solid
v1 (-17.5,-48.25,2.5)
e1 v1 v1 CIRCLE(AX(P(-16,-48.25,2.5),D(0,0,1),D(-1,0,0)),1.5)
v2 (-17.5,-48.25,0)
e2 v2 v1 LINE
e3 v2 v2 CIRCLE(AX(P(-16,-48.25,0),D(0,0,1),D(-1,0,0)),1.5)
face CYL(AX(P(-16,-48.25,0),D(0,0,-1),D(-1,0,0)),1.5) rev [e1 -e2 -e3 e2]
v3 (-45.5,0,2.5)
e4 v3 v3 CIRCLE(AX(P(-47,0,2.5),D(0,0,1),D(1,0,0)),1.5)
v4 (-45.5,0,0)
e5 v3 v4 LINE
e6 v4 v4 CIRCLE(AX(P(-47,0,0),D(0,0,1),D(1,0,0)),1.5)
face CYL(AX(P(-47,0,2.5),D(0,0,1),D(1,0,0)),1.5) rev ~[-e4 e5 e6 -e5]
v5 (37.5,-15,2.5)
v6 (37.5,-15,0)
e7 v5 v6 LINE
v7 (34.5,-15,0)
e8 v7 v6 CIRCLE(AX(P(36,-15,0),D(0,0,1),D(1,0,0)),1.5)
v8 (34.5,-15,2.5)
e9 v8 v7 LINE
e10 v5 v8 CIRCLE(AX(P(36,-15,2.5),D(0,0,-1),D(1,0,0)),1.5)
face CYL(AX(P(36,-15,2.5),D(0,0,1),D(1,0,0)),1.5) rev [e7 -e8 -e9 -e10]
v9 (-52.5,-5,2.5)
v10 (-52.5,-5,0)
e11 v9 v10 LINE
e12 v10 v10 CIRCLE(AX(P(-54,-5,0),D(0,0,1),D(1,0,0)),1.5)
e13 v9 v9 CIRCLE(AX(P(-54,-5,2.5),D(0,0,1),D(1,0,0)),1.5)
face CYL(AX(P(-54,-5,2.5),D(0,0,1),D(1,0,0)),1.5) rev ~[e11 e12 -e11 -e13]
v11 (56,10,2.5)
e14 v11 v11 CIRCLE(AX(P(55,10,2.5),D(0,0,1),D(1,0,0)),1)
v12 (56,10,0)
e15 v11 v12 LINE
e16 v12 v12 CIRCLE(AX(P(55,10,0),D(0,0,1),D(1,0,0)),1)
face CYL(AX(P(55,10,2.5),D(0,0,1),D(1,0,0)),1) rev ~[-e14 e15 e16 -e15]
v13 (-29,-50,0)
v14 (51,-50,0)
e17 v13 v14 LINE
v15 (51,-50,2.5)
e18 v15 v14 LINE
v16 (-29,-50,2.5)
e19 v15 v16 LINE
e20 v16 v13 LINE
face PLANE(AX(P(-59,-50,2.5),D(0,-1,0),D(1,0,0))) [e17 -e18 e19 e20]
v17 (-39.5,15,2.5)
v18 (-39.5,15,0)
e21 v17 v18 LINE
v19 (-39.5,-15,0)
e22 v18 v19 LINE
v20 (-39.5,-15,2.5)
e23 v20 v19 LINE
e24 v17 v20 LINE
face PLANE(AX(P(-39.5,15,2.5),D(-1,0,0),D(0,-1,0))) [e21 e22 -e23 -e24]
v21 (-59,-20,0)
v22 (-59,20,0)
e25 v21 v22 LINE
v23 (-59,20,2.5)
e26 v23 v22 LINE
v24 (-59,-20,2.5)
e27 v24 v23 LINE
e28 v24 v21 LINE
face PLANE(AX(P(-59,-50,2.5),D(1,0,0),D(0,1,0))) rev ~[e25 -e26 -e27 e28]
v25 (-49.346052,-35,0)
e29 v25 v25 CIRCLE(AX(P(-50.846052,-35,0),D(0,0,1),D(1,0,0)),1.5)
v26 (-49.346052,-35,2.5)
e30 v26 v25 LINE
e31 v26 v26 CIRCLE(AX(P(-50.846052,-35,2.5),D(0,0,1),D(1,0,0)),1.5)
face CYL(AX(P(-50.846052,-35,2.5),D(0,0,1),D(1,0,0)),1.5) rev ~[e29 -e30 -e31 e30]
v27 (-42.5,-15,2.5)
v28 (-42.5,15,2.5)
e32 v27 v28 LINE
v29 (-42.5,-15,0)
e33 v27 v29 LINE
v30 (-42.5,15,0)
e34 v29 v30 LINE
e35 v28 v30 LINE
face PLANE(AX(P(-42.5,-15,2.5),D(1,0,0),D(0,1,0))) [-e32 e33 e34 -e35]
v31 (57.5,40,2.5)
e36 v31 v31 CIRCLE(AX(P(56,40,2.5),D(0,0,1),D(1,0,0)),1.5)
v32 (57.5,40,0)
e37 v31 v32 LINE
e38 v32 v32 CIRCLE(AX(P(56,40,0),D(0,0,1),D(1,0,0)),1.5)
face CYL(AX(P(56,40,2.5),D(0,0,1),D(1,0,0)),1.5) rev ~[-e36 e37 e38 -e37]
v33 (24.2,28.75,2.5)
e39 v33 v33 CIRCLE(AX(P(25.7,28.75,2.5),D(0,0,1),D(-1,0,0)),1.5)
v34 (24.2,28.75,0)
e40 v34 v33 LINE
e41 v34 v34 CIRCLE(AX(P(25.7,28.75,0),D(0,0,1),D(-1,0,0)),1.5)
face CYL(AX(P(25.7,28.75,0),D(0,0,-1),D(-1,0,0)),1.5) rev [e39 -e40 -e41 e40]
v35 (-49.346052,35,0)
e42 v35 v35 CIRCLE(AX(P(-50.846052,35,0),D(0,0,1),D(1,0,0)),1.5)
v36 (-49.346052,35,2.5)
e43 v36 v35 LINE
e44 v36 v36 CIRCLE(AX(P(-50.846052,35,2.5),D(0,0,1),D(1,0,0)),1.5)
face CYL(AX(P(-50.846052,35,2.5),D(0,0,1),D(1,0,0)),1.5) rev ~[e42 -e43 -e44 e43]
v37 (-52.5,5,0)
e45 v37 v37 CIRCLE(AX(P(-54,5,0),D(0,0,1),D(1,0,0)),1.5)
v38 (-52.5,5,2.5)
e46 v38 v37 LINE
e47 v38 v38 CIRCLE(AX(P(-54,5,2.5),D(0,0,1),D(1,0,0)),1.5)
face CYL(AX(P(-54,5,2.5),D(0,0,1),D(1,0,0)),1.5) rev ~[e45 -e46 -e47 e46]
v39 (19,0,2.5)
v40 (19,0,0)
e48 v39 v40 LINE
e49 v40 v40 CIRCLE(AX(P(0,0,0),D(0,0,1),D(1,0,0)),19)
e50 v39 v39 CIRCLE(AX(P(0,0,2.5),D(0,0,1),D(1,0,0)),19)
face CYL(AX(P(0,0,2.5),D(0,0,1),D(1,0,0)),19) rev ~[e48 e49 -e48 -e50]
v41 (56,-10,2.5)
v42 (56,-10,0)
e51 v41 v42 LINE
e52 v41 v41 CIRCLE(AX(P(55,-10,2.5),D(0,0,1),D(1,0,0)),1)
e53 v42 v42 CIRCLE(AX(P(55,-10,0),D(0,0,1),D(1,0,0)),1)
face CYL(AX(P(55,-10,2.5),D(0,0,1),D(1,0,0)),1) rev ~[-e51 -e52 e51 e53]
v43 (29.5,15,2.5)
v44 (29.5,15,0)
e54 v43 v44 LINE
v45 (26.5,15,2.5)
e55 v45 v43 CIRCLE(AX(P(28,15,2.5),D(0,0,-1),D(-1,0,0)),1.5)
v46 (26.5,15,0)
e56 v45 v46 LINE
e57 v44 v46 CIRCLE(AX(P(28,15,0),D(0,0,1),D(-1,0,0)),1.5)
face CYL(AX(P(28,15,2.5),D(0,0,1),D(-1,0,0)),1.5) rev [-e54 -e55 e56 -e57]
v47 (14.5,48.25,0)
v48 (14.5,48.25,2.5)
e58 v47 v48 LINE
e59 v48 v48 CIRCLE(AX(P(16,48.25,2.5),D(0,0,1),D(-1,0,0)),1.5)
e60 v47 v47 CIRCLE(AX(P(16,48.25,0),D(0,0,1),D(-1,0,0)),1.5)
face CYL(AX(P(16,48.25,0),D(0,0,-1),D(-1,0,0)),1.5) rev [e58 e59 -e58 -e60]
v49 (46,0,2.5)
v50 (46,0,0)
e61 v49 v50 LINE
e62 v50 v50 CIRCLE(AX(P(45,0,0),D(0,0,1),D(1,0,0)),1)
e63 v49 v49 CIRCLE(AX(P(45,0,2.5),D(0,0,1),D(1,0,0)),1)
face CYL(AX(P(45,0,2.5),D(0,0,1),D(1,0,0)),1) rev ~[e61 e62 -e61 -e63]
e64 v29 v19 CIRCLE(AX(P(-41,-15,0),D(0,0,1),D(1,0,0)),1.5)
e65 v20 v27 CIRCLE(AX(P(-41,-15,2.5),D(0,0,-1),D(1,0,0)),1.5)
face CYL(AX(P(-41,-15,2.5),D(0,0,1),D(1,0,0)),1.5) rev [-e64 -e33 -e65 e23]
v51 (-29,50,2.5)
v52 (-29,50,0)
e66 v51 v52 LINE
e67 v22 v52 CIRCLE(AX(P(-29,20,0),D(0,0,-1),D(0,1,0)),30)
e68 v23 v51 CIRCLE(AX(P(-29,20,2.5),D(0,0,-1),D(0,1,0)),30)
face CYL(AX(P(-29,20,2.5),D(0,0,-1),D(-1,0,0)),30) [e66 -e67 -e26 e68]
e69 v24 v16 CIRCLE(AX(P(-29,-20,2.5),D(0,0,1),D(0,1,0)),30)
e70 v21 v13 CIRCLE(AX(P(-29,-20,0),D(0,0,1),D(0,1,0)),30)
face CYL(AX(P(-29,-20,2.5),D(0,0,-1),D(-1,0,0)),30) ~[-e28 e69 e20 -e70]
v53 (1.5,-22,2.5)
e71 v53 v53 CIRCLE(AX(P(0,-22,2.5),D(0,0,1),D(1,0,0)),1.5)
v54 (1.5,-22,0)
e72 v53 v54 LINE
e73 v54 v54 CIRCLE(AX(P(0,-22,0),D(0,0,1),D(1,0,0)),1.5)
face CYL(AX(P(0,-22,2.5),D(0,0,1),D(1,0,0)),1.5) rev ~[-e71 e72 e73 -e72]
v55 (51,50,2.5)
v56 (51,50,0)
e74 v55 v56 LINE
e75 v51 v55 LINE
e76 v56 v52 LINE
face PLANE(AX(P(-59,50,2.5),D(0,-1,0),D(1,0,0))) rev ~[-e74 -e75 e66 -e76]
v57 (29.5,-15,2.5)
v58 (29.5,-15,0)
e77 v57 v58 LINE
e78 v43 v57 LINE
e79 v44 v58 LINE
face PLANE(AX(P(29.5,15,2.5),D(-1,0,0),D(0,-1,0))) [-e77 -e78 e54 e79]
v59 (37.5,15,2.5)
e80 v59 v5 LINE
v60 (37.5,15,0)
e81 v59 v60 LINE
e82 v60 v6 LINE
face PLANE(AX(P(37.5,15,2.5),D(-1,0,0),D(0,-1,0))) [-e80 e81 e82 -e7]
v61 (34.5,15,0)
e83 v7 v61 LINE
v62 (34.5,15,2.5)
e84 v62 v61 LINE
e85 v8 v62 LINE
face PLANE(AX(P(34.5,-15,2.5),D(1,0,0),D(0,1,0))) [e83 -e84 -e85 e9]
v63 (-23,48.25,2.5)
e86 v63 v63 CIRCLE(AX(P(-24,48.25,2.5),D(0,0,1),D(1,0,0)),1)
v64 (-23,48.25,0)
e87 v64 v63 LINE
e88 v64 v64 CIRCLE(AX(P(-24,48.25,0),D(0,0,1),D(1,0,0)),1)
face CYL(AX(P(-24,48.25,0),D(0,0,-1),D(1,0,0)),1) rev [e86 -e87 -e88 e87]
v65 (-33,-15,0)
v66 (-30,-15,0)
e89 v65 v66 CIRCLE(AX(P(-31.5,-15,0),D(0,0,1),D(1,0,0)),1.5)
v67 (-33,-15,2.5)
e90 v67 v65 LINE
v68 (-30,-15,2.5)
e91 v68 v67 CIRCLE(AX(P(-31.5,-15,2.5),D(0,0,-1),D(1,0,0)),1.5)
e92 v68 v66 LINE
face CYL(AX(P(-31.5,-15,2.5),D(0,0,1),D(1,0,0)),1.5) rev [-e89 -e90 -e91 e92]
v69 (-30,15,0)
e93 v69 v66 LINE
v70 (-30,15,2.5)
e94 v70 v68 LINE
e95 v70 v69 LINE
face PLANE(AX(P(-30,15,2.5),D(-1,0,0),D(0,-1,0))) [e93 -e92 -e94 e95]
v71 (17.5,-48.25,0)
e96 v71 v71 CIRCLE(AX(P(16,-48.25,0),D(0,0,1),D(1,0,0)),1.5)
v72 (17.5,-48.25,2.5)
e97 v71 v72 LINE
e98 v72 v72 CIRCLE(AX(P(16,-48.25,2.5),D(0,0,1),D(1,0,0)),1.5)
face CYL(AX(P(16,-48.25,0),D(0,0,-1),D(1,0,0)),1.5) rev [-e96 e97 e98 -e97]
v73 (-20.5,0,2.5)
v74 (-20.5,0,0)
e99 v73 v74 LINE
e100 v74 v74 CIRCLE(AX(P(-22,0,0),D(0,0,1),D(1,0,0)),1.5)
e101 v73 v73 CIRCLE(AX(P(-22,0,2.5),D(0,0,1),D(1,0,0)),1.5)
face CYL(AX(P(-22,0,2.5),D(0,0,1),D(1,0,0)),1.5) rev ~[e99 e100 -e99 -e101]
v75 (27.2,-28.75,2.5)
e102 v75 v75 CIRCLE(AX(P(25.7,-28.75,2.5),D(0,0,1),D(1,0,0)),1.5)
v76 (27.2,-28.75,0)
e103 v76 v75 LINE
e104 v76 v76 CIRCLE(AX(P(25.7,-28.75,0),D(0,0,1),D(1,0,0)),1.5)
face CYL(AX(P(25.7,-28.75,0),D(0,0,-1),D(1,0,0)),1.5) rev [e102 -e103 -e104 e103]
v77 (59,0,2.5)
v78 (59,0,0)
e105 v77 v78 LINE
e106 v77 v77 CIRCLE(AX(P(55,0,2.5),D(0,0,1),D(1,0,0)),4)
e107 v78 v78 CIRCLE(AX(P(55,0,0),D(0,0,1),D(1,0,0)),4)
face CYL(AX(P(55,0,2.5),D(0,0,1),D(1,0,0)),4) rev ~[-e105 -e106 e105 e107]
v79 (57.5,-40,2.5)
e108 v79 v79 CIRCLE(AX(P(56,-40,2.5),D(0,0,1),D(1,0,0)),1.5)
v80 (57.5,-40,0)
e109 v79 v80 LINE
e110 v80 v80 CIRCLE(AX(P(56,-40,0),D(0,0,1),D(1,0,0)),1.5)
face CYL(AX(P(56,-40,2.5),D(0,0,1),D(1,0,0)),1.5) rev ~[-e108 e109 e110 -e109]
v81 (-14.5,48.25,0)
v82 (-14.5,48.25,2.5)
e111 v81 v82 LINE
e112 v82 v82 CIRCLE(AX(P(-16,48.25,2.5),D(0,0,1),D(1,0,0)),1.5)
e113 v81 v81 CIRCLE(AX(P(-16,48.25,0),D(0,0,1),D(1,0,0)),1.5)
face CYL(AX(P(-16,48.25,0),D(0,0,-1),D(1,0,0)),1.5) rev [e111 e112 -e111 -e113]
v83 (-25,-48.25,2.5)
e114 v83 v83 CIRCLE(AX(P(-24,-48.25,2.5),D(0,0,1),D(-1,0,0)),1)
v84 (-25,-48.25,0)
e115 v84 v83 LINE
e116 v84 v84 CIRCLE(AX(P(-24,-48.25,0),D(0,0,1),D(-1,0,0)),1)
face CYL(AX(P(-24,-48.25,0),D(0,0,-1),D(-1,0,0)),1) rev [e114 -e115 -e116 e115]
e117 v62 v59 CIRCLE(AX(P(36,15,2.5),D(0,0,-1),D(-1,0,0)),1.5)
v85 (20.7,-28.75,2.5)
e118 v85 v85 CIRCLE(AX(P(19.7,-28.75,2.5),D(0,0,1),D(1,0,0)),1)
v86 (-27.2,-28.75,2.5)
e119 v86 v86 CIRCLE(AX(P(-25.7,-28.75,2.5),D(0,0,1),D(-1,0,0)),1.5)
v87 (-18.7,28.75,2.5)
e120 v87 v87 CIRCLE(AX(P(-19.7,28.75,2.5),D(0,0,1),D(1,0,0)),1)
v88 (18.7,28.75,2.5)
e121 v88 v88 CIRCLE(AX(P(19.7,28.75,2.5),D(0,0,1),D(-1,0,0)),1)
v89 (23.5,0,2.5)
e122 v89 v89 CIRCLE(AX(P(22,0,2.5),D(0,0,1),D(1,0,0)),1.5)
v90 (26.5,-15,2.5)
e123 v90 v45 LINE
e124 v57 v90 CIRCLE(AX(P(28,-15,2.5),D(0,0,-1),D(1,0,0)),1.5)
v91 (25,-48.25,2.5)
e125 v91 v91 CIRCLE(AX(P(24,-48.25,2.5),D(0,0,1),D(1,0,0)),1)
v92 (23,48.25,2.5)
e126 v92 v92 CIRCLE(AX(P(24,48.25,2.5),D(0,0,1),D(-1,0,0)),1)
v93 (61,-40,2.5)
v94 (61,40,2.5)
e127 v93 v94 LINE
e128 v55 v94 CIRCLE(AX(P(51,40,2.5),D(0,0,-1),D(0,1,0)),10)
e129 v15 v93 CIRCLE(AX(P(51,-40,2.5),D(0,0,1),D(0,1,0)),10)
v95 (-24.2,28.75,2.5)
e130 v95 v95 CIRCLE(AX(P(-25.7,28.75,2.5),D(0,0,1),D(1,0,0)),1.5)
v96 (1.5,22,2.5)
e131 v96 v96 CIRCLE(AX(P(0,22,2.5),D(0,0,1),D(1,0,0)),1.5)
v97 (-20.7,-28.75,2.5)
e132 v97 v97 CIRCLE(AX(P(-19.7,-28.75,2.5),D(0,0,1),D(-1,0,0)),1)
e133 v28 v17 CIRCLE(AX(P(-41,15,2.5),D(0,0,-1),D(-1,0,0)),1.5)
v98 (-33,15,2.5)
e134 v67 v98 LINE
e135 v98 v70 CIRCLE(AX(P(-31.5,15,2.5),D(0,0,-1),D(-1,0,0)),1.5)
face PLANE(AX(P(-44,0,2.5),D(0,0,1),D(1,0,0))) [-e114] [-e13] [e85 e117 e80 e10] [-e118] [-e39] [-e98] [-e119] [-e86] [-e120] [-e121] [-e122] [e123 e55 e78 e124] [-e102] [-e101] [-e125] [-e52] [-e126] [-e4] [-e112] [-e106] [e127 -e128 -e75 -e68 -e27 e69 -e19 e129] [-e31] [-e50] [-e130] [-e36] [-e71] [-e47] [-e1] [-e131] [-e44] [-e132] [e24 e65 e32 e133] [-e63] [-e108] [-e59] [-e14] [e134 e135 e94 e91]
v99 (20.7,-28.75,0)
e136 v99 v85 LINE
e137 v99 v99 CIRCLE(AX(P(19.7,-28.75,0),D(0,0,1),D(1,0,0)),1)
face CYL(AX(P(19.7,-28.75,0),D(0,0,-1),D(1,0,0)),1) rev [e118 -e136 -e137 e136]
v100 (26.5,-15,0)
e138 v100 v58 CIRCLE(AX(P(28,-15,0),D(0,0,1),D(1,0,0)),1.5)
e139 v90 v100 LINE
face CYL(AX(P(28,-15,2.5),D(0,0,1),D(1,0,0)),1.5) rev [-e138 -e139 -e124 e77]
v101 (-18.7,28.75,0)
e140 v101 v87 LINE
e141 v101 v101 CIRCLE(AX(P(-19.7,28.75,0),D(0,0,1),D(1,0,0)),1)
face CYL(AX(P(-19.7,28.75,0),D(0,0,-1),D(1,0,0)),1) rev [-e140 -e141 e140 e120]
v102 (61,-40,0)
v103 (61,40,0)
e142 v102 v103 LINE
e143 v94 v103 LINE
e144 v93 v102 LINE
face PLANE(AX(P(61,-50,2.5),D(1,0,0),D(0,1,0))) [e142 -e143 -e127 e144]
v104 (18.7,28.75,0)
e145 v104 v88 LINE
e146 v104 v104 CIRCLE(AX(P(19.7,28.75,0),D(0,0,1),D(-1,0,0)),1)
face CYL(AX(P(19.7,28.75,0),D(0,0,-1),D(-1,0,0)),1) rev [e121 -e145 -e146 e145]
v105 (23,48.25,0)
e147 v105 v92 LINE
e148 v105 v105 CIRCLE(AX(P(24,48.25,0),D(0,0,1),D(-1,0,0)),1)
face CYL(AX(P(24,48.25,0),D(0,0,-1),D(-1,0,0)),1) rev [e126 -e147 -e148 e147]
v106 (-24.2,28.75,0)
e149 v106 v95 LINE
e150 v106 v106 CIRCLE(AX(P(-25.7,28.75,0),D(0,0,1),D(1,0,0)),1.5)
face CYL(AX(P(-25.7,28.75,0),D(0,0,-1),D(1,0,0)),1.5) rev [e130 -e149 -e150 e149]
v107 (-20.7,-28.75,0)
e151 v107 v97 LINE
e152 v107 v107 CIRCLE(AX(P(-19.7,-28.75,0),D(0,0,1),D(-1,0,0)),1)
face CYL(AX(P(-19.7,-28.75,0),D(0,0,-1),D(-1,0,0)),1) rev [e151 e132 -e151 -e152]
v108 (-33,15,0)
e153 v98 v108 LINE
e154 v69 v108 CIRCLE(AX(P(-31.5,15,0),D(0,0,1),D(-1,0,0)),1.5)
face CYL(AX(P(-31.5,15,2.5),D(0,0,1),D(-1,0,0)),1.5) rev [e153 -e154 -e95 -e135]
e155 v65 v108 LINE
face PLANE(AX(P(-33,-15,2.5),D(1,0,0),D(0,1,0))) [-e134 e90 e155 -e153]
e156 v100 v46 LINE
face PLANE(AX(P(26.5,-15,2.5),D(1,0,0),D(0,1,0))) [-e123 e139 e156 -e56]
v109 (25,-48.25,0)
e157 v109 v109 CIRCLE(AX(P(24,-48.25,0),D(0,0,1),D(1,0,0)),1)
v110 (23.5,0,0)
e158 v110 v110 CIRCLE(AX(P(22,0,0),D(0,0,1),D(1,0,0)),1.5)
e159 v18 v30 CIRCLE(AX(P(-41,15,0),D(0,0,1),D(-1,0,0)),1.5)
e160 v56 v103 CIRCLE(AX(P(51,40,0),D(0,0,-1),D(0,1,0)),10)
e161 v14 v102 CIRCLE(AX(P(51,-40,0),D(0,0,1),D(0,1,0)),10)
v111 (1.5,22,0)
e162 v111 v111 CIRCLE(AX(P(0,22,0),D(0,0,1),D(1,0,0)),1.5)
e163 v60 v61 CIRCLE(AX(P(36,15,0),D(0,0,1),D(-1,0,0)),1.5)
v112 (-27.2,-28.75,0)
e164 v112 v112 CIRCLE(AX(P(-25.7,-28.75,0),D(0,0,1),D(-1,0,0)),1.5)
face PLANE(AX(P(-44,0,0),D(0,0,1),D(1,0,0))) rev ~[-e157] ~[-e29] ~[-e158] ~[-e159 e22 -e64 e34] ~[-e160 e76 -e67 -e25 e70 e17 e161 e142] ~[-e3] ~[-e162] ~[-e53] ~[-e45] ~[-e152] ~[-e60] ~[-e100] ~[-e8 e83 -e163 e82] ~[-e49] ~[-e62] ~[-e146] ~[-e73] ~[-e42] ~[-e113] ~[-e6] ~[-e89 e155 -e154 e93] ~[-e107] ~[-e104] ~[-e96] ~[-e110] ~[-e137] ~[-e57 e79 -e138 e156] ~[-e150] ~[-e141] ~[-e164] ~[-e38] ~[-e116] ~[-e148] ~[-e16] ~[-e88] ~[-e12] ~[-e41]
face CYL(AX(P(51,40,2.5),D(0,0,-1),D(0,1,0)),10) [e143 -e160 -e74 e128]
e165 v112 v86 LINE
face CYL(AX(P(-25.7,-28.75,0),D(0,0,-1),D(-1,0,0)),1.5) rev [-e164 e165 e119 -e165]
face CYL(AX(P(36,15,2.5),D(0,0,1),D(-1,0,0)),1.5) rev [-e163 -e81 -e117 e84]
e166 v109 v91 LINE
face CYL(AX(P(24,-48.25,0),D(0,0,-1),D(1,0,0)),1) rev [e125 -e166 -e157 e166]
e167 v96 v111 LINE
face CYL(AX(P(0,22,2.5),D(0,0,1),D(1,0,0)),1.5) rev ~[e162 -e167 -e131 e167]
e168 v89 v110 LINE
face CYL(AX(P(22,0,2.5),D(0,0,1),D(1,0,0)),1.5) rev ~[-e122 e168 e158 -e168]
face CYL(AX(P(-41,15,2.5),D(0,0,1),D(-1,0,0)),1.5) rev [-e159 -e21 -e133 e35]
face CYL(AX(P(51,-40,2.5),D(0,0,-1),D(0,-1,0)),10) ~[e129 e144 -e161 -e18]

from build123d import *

# Parameters (mm, degrees)
SKETCH_1_W          = 58
SKETCH_1_H          = 100
SKETCH_1_R          = 1
SKETCH_1_R_2        = 1.5
EXTRUDE_1_DEPTH     = 2.5
SKETCH_2_R          = 19
SKETCH_2_R_2        = 1.5
CUT_EXTRUDE_1_DEPTH = 10
SKETCH_2_3_W        = 30
SKETCH_2_3_H        = 100
SKETCH_2_3_W_2      = 32
EXTRUDE_2_DEPTH     = 2.5
FILLET_1_R          = 30
FILLET_2_R          = 10
SKETCH_4_R          = 4
SKETCH_4_R_2        = 1
SKETCH_4_R_3        = 1.5
CUT_EXTRUDE_3_DEPTH = 10


with BuildPart() as part:
    # 草图1 → 凸台-拉伸1 (new body)
    with BuildSketch(Plane.XY):
        Rectangle(SKETCH_1_W, SKETCH_1_H)
        with Locations((-24, 48.25)):
            Circle(SKETCH_1_R, mode=Mode.SUBTRACT)
        with Locations((-16, 48.25)):
            Circle(SKETCH_1_R_2, mode=Mode.SUBTRACT)
        with Locations((16, 48.25)):
            Circle(SKETCH_1_R_2, mode=Mode.SUBTRACT)
        with Locations((24, 48.25)):
            Circle(SKETCH_1_R, mode=Mode.SUBTRACT)
        with Locations((-19.7, 28.75)):
            Circle(SKETCH_1_R, mode=Mode.SUBTRACT)
        with Locations((-25.7, 28.75)):
            Circle(SKETCH_1_R_2, mode=Mode.SUBTRACT)
        with Locations((19.7, 28.75)):
            Circle(SKETCH_1_R, mode=Mode.SUBTRACT)
        with Locations((25.7, 28.75)):
            Circle(SKETCH_1_R_2, mode=Mode.SUBTRACT)
        with Locations((25.7, -28.75)):
            Circle(SKETCH_1_R_2, mode=Mode.SUBTRACT)
        with Locations((24, -48.25)):
            Circle(SKETCH_1_R, mode=Mode.SUBTRACT)
        with Locations((16, -48.25)):
            Circle(SKETCH_1_R_2, mode=Mode.SUBTRACT)
        with Locations((19.7, -28.75)):
            Circle(SKETCH_1_R, mode=Mode.SUBTRACT)
        with Locations((-19.7, -28.75)):
            Circle(SKETCH_1_R, mode=Mode.SUBTRACT)
        with Locations((-25.7, -28.75)):
            Circle(SKETCH_1_R_2, mode=Mode.SUBTRACT)
        with Locations((-24, -48.25)):
            Circle(SKETCH_1_R, mode=Mode.SUBTRACT)
        with Locations((-16, -48.25)):
            Circle(SKETCH_1_R_2, mode=Mode.SUBTRACT)
    extrude(amount=EXTRUDE_1_DEPTH)

    # 草图2 → 切除-拉伸1 (cut)
    with BuildSketch(Plane.XY.offset(2.5)):
        Circle(SKETCH_2_R)
        with Locations((0, 22)):
            Circle(SKETCH_2_R_2)
        with Locations((-22, 0)):
            Circle(SKETCH_2_R_2)
        with Locations((0, -22)):
            Circle(SKETCH_2_R_2)
        with Locations((22, 0)):
            Circle(SKETCH_2_R_2)
    extrude(amount=-CUT_EXTRUDE_1_DEPTH, mode=Mode.SUBTRACT)

    # 草图2<3> → 凸台-拉伸2 (add)
    with BuildSketch(Plane.XY.offset(2.5)):
        with Locations((-44, 0)):
            Rectangle(SKETCH_2_3_W, SKETCH_2_3_H)
        with Locations((45, 0)):
            Rectangle(SKETCH_2_3_W_2, SKETCH_2_3_H)
    extrude(amount=-EXTRUDE_2_DEPTH)

    # 圆角1
    fillet_1_edges = [part.edges().sort_by_distance(p)[0] for p in [
        (-59, 50, 1.25),
        (-59, -50, 1.25),
    ]]
    fillet(fillet_1_edges, radius=FILLET_1_R)

    # 圆角2
    fillet_2_edges = [part.edges().sort_by_distance(p)[0] for p in [
        (61, 50, 1.25),
        (61, -50, 1.25),
    ]]
    fillet(fillet_2_edges, radius=FILLET_2_R)

    # 草图4 → 切除-拉伸3 (cut)
    with BuildSketch(Plane.XY.offset(2.5)):
        with Locations((55, 0)):
            Circle(SKETCH_4_R)
        with Locations((55, 10)):
            Circle(SKETCH_4_R_2)
        with Locations((55, -10)):
            Circle(SKETCH_4_R_2)
        with Locations((45, 0)):
            Circle(SKETCH_4_R_2)
        with Locations((-54, 5)):
            Circle(SKETCH_4_R_3)
        with Locations((-54, -5)):
            Circle(SKETCH_4_R_3)
        with Locations((-50.846052275, 35)):
            Circle(SKETCH_4_R_3)
        with Locations((56, -40)):
            Circle(SKETCH_4_R_3)
        with Locations((-50.846052275, -35)):
            Circle(SKETCH_4_R_3)
        with Locations((56, 40)):
            Circle(SKETCH_4_R_3)
        with Locations((-47, 0)):
            Circle(SKETCH_4_R_3)
        with BuildLine():
            Line((-42.5, -15), (-42.5, 15))
            ThreePointArc((-42.5, 15), (-41, 16.5), (-39.5, 15))
            Line((-39.5, 15), (-39.5, -15))
            ThreePointArc((-39.5, -15), (-41, -16.5), (-42.5, -15))
        make_face()
        with BuildLine():
            Line((-33, -15), (-33, 15))
            ThreePointArc((-33, 15), (-31.5, 16.5), (-30, 15))
            Line((-30, 15), (-30, -15))
            ThreePointArc((-30, -15), (-31.5, -16.5), (-33, -15))
        make_face()
        with BuildLine():
            Line((26.5, -15), (26.5, 15))
            ThreePointArc((26.5, 15), (28, 16.5), (29.5, 15))
            Line((29.5, 15), (29.5, -15))
            ThreePointArc((29.5, -15), (28, -16.5), (26.5, -15))
        make_face()
        with BuildLine():
            Line((34.5, -15), (34.5, 15))
            ThreePointArc((34.5, 15), (36, 16.5), (37.5, 15))
            Line((37.5, 15), (37.5, -15))
            ThreePointArc((37.5, -15), (36, -16.5), (34.5, -15))
        make_face()
    extrude(amount=-CUT_EXTRUDE_3_DEPTH, mode=Mode.SUBTRACT)


solid = part.part
